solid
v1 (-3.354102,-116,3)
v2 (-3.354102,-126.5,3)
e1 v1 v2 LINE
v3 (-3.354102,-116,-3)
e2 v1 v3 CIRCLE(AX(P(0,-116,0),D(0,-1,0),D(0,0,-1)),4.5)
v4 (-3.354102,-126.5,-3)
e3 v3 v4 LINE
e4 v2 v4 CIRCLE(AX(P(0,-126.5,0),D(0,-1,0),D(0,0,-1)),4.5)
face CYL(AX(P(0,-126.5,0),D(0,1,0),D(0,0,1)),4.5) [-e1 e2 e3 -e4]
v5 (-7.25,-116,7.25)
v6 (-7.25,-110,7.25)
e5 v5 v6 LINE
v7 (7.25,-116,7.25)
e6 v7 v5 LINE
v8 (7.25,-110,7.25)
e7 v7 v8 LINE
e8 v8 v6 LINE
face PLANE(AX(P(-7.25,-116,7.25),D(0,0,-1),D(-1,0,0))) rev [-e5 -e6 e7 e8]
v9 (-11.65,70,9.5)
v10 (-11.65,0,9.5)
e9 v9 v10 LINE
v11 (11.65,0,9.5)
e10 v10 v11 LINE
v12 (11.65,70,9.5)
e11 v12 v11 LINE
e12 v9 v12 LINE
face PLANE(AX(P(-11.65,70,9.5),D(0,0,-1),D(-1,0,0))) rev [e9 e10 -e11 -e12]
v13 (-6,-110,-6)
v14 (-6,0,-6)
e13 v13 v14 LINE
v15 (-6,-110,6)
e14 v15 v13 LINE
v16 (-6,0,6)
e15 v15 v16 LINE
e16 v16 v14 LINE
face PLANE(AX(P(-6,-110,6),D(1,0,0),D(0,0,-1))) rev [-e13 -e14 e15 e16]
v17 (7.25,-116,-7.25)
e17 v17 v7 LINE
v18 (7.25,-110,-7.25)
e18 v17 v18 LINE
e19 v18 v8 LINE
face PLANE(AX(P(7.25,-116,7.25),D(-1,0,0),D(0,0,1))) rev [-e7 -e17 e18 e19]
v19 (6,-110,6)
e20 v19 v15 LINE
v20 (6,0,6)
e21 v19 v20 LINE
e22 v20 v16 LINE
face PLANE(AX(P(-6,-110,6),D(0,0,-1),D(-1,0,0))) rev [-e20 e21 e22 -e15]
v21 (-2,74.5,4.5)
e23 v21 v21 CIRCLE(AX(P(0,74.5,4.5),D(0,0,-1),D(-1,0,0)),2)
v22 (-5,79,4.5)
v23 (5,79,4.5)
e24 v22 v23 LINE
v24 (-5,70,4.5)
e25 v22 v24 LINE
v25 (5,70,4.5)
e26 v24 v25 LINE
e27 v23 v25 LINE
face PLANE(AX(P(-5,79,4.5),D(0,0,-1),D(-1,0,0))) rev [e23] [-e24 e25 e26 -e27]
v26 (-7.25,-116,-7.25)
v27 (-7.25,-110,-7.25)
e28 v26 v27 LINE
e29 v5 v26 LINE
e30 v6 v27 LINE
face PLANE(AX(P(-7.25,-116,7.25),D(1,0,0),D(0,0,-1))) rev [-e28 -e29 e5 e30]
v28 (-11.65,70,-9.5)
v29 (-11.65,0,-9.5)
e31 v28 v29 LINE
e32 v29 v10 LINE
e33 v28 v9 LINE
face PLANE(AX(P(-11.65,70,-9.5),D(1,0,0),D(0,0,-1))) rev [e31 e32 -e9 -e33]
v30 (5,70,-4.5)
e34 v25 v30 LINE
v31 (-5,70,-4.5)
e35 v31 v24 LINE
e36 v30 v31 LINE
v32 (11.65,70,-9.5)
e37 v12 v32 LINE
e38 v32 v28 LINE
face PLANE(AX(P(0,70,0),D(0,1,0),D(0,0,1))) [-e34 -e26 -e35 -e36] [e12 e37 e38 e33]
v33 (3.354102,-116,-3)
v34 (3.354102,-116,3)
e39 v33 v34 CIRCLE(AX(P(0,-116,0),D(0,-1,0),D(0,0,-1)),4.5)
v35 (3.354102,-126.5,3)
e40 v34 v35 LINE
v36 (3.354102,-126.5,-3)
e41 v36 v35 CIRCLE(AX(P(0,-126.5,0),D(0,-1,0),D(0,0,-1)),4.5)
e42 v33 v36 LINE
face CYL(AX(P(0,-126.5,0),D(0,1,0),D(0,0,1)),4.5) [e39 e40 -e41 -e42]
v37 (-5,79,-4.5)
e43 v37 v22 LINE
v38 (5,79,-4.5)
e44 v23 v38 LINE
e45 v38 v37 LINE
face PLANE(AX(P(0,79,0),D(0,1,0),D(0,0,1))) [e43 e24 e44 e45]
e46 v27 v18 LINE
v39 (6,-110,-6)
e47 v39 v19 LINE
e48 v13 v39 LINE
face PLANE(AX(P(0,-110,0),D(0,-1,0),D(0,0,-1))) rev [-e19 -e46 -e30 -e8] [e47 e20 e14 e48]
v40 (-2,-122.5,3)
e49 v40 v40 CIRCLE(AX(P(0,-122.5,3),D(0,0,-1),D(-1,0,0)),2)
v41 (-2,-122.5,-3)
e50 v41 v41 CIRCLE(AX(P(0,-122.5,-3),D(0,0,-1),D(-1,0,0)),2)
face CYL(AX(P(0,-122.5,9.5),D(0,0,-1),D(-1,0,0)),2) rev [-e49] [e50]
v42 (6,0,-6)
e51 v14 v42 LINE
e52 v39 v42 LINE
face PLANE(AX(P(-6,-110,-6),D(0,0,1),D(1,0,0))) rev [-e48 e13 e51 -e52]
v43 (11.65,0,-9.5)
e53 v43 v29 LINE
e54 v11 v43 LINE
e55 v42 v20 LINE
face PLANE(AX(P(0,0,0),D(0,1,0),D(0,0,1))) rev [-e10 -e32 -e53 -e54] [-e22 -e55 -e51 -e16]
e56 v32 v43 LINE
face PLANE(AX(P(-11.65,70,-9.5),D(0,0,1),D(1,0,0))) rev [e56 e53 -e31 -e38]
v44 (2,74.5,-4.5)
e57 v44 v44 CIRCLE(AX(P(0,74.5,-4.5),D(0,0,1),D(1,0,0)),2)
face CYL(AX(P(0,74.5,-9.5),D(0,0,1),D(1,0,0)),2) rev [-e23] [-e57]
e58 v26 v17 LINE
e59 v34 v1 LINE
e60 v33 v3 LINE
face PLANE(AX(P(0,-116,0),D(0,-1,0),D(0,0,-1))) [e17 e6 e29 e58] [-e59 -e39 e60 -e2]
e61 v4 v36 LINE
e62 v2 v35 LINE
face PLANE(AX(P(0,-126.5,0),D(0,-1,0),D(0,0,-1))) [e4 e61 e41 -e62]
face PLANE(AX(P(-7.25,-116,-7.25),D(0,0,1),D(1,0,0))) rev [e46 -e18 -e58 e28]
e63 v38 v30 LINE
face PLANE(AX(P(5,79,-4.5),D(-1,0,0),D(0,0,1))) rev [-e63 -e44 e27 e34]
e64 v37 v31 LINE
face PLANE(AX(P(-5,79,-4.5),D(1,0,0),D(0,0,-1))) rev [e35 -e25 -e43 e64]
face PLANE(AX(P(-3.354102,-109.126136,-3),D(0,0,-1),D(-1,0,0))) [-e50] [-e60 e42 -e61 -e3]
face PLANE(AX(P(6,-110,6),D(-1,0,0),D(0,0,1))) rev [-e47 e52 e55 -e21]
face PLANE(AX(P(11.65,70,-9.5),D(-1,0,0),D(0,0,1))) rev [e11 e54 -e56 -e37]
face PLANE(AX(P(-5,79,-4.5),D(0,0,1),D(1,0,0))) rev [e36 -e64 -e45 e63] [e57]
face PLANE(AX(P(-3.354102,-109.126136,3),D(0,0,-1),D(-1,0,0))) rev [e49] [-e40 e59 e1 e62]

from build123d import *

# Parameters (mm, degrees)
SKETCH_1_W               = 23.3
SKETCH_1_H               = 19
EXTRUDE_1_DEPTH          = 70
SKETCH_2_W               = 10
SKETCH_2_H               = 9
EXTRUDE_2_DEPTH          = 9
SKETCH_3_R               = 2
CUT_EXTRUDE_1_DEPTH      = 6
CUT_EXTRUDE_1_DEPTH_BACK = 15
SKETCH_4_W               = 12
SKETCH_4_H               = 12
EXTRUDE_3_DEPTH          = 110
SKETCH_5_W               = 14.5
SKETCH_5_H               = 14.5
EXTRUDE_4_DEPTH          = 6
SKETCH_6_R               = 4.5
EXTRUDE_5_DEPTH          = 10.5
CUT_EXTRUDE_3_DEPTH      = 10.5
SKETCH_8_R               = 2
CUT_EXTRUDE_4_DEPTH      = 13.5


with BuildPart() as part:
    # 草图1 → 凸台-拉伸1 (new body)
    with BuildSketch(Plane(origin=(0, 0, 0), x_dir=(1, 0, 0), z_dir=(0, 1, 0))):
        Rectangle(SKETCH_1_W, SKETCH_1_H)
    extrude(amount=EXTRUDE_1_DEPTH)

    # 草图2 → 凸台-拉伸2 (add)
    with BuildSketch(Plane(origin=(0, 70, 0), x_dir=(1, 0, 0), z_dir=(0, 1, 0))):
        Rectangle(SKETCH_2_W, SKETCH_2_H)
    extrude(amount=EXTRUDE_2_DEPTH)

    # 草图3 → 切除-拉伸1 (cut, two sides)
    with BuildSketch(Plane.XY.offset(4.5)) as cut_extrude_1_sk:
        with Locations((0, 74.5)):
            Circle(SKETCH_3_R)
    extrude(amount=CUT_EXTRUDE_1_DEPTH, mode=Mode.SUBTRACT)
    extrude(cut_extrude_1_sk.sketch, amount=-CUT_EXTRUDE_1_DEPTH_BACK, mode=Mode.SUBTRACT)

    # 草图4 → 凸台-拉伸3 (add)
    with BuildSketch(Plane.XZ):
        Rectangle(SKETCH_4_W, SKETCH_4_H)
    extrude(amount=EXTRUDE_3_DEPTH)

    # 草图5 → 凸台-拉伸4 (add)
    with BuildSketch(Plane.XZ.offset(110)):
        Rectangle(SKETCH_5_W, SKETCH_5_H)
    extrude(amount=EXTRUDE_4_DEPTH)

    # 草图6 → 凸台-拉伸5 (add)
    with BuildSketch(Plane.XZ.offset(116)):
        Circle(SKETCH_6_R)
    extrude(amount=EXTRUDE_5_DEPTH)

    # 草图7 → 切除-拉伸3 (cut)
    with BuildSketch(Plane.XZ.offset(126.5)):
        with BuildLine():
            Line((-3.354101966, -3), (3.354101966, -3))
            ThreePointArc((3.354101966, -3), (0, -4.5), (-3.354101966, -3))
        make_face()
        with BuildLine():
            Line((-3.354101966, 3), (3.354101966, 3))
            ThreePointArc((3.354101966, 3), (0, 4.5), (-3.354101966, 3))
        make_face()
    extrude(amount=-CUT_EXTRUDE_3_DEPTH, mode=Mode.SUBTRACT)

    # 草图8 → 切除-拉伸4 (cut, through all)
    with BuildSketch(Plane(origin=(0, 0, -3), x_dir=(-1, 0, 0), z_dir=(0, 0, -1))):
        with Locations((0, -122.5)):
            Circle(SKETCH_8_R)
    extrude(amount=-CUT_EXTRUDE_4_DEPTH, mode=Mode.SUBTRACT)


solid = part.part
